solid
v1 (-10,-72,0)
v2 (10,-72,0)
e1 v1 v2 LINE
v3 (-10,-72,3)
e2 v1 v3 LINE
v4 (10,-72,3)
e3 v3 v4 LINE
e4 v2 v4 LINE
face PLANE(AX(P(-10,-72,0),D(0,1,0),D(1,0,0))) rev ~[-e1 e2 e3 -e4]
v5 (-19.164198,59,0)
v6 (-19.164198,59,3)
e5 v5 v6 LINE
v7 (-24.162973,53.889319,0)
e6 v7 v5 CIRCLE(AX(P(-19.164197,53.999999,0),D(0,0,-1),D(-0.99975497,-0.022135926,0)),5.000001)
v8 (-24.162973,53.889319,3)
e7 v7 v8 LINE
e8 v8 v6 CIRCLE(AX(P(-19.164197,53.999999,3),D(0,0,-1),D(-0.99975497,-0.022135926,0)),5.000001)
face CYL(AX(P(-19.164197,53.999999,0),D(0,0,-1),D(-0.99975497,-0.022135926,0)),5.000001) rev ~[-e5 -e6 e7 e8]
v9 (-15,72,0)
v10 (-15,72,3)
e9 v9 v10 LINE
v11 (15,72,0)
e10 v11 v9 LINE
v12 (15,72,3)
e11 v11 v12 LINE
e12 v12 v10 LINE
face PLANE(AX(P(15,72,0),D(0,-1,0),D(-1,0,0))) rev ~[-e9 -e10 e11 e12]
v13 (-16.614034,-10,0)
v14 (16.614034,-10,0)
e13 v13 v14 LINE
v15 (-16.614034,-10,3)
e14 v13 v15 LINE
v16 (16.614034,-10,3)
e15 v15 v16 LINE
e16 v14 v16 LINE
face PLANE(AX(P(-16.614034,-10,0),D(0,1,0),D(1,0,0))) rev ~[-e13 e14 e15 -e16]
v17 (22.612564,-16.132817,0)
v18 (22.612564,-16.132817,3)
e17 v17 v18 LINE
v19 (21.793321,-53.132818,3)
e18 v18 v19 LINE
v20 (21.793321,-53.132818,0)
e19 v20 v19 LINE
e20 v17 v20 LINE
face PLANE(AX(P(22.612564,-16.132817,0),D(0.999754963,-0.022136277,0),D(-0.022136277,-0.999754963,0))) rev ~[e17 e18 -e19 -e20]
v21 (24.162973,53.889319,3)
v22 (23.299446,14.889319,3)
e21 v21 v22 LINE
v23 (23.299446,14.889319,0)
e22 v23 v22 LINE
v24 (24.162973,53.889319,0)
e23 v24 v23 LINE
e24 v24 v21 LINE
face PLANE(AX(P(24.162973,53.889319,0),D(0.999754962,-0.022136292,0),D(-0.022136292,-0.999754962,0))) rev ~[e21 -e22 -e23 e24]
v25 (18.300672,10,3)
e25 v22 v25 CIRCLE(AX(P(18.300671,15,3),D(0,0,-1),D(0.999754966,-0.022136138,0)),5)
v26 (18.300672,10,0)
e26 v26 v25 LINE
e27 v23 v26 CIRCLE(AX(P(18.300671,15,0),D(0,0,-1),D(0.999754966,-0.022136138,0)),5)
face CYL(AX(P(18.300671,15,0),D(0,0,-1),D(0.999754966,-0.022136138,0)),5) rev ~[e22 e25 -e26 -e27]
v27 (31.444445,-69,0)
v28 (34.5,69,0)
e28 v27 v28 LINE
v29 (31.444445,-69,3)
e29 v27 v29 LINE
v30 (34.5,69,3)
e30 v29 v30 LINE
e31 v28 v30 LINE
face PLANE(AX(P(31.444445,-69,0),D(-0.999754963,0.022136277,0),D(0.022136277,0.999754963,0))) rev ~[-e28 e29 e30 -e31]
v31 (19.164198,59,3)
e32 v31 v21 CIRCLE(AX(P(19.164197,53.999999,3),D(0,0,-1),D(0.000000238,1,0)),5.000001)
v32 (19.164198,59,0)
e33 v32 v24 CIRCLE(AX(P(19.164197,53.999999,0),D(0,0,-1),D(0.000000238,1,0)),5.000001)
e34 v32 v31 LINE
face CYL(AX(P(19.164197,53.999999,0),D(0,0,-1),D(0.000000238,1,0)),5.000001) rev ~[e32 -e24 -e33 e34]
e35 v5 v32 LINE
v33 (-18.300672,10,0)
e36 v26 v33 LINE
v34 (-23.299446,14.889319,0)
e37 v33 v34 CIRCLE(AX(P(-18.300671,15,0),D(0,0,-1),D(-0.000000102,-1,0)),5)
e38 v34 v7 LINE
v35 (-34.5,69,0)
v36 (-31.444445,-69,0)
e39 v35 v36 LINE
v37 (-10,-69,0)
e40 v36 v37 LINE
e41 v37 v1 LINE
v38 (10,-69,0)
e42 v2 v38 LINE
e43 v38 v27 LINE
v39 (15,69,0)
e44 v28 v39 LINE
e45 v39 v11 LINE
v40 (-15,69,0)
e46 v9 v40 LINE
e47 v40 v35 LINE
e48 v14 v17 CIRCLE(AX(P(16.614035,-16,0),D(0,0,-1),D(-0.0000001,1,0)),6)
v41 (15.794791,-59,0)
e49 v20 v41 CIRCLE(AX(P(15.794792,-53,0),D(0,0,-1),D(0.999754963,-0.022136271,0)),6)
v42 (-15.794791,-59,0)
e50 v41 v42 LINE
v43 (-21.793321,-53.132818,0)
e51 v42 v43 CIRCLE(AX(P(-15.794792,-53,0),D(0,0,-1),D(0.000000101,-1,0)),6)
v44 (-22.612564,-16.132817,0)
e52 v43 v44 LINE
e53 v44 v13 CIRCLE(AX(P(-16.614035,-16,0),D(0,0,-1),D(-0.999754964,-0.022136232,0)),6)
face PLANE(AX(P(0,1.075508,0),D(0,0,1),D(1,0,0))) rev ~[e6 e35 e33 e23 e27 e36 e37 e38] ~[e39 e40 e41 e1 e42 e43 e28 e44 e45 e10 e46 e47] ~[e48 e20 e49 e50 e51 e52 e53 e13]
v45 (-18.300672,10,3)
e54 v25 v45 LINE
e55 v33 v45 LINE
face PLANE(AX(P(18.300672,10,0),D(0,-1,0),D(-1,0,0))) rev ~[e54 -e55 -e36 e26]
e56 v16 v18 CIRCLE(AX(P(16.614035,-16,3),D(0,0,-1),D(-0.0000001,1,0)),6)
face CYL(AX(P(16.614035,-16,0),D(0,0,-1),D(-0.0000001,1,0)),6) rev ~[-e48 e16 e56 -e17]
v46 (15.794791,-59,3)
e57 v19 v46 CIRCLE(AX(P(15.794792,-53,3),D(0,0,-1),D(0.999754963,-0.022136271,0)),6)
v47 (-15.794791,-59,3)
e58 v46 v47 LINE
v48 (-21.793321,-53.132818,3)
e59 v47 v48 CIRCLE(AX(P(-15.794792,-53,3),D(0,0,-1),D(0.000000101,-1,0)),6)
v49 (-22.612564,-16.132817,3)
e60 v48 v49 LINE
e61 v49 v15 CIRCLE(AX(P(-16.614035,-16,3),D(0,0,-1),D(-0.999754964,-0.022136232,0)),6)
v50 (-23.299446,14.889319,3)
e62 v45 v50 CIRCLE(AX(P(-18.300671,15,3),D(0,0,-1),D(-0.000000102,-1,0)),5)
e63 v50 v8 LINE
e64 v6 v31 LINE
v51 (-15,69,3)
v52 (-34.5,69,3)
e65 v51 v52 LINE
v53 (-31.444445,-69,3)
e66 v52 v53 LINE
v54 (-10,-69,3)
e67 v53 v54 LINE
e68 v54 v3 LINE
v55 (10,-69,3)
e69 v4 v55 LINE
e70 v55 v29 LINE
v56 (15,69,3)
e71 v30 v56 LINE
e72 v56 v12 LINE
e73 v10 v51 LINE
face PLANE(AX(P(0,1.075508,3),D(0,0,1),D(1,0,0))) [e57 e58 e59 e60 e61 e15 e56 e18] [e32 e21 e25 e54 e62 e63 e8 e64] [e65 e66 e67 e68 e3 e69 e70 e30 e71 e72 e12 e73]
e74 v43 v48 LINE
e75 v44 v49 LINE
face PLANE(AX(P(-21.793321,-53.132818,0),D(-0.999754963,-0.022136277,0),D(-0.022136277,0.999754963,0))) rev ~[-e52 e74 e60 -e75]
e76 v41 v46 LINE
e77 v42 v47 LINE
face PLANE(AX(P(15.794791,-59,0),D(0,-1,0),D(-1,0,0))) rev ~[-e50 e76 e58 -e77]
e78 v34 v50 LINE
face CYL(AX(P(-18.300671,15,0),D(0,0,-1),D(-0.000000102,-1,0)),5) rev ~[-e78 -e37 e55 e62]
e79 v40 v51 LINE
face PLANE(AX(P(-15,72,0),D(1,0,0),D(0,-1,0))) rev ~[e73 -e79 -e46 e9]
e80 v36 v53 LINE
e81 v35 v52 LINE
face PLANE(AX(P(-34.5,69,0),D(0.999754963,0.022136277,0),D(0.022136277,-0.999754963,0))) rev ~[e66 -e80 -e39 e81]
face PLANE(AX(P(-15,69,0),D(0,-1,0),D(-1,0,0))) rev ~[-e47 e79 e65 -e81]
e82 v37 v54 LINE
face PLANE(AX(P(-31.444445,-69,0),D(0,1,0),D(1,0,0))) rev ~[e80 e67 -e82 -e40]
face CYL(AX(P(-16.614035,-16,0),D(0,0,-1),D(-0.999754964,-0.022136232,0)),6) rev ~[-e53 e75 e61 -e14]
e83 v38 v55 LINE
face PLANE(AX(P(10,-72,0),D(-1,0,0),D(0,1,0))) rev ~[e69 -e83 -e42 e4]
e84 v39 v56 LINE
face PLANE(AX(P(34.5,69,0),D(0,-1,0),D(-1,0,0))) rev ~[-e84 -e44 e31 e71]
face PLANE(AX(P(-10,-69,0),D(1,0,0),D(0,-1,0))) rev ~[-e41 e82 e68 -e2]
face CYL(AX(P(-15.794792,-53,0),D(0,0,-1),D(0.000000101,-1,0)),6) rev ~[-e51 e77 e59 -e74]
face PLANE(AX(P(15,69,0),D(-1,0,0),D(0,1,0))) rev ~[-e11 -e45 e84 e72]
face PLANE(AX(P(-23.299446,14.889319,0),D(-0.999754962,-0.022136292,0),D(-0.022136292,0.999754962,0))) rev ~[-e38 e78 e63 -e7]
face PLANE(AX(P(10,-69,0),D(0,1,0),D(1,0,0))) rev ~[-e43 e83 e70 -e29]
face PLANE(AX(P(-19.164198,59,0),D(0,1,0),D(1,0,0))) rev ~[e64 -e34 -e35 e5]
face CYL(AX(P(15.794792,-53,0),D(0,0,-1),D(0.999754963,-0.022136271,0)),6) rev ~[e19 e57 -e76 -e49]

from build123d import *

# Parameters (mm, degrees)
F1_DEPTH = 3


with BuildPart() as f1:
    # F0 (on Top) → F1 (new body)
    with BuildSketch(Plane.XY):
        Polygon((15, 72), (0, 72), (-15, 72), (-15, 69), (-34.5, 69), (-31.444445, -69), (-10, -69), (-10, -72), (0, -72), (10, -72), (10, -69), (31.444445, -69), (34.5, 69), (15, 69), align=None)
        with BuildLine():
            ThreePointArc((-22.612564, -16.132817), (-20.903376, -11.80458), (-16.614034, -10))
            Line((-16.614034, -10), (16.614034, -10))
            ThreePointArc((16.614034, -10), (20.903376, -11.80458), (22.612564, -16.132817))
            Line((22.612564, -16.132817), (21.793321, -53.132818))
            ThreePointArc((21.793321, -53.132818), (19.990211, -57.289342), (15.794791, -59))
            Line((15.794791, -59), (-15.794791, -59))
            ThreePointArc((-15.794791, -59), (-19.990211, -57.289342), (-21.793321, -53.132818))
            Line((-21.793321, -53.132818), (-22.612564, -16.132817))
        make_face(mode=Mode.SUBTRACT)
        with BuildLine():
            Line((18.300672, 10), (-18.300672, 10))
            ThreePointArc((-18.300672, 10), (-21.796855, 11.425549), (-23.299446, 14.889319))
            Line((-23.299446, 14.889319), (-24.162973, 53.889319))
            ThreePointArc((-24.162973, 53.889319), (-22.738649, 57.496183), (-19.164198, 59))
            Line((-19.164198, 59), (19.164198, 59))
            ThreePointArc((19.164198, 59), (22.738649, 57.496183), (24.162973, 53.889319))
            Line((24.162973, 53.889319), (23.299446, 14.889319))
            ThreePointArc((23.299446, 14.889319), (21.796855, 11.425549), (18.300672, 10))
        make_face(mode=Mode.SUBTRACT)
    extrude(amount=F1_DEPTH)


solid = f1.part
